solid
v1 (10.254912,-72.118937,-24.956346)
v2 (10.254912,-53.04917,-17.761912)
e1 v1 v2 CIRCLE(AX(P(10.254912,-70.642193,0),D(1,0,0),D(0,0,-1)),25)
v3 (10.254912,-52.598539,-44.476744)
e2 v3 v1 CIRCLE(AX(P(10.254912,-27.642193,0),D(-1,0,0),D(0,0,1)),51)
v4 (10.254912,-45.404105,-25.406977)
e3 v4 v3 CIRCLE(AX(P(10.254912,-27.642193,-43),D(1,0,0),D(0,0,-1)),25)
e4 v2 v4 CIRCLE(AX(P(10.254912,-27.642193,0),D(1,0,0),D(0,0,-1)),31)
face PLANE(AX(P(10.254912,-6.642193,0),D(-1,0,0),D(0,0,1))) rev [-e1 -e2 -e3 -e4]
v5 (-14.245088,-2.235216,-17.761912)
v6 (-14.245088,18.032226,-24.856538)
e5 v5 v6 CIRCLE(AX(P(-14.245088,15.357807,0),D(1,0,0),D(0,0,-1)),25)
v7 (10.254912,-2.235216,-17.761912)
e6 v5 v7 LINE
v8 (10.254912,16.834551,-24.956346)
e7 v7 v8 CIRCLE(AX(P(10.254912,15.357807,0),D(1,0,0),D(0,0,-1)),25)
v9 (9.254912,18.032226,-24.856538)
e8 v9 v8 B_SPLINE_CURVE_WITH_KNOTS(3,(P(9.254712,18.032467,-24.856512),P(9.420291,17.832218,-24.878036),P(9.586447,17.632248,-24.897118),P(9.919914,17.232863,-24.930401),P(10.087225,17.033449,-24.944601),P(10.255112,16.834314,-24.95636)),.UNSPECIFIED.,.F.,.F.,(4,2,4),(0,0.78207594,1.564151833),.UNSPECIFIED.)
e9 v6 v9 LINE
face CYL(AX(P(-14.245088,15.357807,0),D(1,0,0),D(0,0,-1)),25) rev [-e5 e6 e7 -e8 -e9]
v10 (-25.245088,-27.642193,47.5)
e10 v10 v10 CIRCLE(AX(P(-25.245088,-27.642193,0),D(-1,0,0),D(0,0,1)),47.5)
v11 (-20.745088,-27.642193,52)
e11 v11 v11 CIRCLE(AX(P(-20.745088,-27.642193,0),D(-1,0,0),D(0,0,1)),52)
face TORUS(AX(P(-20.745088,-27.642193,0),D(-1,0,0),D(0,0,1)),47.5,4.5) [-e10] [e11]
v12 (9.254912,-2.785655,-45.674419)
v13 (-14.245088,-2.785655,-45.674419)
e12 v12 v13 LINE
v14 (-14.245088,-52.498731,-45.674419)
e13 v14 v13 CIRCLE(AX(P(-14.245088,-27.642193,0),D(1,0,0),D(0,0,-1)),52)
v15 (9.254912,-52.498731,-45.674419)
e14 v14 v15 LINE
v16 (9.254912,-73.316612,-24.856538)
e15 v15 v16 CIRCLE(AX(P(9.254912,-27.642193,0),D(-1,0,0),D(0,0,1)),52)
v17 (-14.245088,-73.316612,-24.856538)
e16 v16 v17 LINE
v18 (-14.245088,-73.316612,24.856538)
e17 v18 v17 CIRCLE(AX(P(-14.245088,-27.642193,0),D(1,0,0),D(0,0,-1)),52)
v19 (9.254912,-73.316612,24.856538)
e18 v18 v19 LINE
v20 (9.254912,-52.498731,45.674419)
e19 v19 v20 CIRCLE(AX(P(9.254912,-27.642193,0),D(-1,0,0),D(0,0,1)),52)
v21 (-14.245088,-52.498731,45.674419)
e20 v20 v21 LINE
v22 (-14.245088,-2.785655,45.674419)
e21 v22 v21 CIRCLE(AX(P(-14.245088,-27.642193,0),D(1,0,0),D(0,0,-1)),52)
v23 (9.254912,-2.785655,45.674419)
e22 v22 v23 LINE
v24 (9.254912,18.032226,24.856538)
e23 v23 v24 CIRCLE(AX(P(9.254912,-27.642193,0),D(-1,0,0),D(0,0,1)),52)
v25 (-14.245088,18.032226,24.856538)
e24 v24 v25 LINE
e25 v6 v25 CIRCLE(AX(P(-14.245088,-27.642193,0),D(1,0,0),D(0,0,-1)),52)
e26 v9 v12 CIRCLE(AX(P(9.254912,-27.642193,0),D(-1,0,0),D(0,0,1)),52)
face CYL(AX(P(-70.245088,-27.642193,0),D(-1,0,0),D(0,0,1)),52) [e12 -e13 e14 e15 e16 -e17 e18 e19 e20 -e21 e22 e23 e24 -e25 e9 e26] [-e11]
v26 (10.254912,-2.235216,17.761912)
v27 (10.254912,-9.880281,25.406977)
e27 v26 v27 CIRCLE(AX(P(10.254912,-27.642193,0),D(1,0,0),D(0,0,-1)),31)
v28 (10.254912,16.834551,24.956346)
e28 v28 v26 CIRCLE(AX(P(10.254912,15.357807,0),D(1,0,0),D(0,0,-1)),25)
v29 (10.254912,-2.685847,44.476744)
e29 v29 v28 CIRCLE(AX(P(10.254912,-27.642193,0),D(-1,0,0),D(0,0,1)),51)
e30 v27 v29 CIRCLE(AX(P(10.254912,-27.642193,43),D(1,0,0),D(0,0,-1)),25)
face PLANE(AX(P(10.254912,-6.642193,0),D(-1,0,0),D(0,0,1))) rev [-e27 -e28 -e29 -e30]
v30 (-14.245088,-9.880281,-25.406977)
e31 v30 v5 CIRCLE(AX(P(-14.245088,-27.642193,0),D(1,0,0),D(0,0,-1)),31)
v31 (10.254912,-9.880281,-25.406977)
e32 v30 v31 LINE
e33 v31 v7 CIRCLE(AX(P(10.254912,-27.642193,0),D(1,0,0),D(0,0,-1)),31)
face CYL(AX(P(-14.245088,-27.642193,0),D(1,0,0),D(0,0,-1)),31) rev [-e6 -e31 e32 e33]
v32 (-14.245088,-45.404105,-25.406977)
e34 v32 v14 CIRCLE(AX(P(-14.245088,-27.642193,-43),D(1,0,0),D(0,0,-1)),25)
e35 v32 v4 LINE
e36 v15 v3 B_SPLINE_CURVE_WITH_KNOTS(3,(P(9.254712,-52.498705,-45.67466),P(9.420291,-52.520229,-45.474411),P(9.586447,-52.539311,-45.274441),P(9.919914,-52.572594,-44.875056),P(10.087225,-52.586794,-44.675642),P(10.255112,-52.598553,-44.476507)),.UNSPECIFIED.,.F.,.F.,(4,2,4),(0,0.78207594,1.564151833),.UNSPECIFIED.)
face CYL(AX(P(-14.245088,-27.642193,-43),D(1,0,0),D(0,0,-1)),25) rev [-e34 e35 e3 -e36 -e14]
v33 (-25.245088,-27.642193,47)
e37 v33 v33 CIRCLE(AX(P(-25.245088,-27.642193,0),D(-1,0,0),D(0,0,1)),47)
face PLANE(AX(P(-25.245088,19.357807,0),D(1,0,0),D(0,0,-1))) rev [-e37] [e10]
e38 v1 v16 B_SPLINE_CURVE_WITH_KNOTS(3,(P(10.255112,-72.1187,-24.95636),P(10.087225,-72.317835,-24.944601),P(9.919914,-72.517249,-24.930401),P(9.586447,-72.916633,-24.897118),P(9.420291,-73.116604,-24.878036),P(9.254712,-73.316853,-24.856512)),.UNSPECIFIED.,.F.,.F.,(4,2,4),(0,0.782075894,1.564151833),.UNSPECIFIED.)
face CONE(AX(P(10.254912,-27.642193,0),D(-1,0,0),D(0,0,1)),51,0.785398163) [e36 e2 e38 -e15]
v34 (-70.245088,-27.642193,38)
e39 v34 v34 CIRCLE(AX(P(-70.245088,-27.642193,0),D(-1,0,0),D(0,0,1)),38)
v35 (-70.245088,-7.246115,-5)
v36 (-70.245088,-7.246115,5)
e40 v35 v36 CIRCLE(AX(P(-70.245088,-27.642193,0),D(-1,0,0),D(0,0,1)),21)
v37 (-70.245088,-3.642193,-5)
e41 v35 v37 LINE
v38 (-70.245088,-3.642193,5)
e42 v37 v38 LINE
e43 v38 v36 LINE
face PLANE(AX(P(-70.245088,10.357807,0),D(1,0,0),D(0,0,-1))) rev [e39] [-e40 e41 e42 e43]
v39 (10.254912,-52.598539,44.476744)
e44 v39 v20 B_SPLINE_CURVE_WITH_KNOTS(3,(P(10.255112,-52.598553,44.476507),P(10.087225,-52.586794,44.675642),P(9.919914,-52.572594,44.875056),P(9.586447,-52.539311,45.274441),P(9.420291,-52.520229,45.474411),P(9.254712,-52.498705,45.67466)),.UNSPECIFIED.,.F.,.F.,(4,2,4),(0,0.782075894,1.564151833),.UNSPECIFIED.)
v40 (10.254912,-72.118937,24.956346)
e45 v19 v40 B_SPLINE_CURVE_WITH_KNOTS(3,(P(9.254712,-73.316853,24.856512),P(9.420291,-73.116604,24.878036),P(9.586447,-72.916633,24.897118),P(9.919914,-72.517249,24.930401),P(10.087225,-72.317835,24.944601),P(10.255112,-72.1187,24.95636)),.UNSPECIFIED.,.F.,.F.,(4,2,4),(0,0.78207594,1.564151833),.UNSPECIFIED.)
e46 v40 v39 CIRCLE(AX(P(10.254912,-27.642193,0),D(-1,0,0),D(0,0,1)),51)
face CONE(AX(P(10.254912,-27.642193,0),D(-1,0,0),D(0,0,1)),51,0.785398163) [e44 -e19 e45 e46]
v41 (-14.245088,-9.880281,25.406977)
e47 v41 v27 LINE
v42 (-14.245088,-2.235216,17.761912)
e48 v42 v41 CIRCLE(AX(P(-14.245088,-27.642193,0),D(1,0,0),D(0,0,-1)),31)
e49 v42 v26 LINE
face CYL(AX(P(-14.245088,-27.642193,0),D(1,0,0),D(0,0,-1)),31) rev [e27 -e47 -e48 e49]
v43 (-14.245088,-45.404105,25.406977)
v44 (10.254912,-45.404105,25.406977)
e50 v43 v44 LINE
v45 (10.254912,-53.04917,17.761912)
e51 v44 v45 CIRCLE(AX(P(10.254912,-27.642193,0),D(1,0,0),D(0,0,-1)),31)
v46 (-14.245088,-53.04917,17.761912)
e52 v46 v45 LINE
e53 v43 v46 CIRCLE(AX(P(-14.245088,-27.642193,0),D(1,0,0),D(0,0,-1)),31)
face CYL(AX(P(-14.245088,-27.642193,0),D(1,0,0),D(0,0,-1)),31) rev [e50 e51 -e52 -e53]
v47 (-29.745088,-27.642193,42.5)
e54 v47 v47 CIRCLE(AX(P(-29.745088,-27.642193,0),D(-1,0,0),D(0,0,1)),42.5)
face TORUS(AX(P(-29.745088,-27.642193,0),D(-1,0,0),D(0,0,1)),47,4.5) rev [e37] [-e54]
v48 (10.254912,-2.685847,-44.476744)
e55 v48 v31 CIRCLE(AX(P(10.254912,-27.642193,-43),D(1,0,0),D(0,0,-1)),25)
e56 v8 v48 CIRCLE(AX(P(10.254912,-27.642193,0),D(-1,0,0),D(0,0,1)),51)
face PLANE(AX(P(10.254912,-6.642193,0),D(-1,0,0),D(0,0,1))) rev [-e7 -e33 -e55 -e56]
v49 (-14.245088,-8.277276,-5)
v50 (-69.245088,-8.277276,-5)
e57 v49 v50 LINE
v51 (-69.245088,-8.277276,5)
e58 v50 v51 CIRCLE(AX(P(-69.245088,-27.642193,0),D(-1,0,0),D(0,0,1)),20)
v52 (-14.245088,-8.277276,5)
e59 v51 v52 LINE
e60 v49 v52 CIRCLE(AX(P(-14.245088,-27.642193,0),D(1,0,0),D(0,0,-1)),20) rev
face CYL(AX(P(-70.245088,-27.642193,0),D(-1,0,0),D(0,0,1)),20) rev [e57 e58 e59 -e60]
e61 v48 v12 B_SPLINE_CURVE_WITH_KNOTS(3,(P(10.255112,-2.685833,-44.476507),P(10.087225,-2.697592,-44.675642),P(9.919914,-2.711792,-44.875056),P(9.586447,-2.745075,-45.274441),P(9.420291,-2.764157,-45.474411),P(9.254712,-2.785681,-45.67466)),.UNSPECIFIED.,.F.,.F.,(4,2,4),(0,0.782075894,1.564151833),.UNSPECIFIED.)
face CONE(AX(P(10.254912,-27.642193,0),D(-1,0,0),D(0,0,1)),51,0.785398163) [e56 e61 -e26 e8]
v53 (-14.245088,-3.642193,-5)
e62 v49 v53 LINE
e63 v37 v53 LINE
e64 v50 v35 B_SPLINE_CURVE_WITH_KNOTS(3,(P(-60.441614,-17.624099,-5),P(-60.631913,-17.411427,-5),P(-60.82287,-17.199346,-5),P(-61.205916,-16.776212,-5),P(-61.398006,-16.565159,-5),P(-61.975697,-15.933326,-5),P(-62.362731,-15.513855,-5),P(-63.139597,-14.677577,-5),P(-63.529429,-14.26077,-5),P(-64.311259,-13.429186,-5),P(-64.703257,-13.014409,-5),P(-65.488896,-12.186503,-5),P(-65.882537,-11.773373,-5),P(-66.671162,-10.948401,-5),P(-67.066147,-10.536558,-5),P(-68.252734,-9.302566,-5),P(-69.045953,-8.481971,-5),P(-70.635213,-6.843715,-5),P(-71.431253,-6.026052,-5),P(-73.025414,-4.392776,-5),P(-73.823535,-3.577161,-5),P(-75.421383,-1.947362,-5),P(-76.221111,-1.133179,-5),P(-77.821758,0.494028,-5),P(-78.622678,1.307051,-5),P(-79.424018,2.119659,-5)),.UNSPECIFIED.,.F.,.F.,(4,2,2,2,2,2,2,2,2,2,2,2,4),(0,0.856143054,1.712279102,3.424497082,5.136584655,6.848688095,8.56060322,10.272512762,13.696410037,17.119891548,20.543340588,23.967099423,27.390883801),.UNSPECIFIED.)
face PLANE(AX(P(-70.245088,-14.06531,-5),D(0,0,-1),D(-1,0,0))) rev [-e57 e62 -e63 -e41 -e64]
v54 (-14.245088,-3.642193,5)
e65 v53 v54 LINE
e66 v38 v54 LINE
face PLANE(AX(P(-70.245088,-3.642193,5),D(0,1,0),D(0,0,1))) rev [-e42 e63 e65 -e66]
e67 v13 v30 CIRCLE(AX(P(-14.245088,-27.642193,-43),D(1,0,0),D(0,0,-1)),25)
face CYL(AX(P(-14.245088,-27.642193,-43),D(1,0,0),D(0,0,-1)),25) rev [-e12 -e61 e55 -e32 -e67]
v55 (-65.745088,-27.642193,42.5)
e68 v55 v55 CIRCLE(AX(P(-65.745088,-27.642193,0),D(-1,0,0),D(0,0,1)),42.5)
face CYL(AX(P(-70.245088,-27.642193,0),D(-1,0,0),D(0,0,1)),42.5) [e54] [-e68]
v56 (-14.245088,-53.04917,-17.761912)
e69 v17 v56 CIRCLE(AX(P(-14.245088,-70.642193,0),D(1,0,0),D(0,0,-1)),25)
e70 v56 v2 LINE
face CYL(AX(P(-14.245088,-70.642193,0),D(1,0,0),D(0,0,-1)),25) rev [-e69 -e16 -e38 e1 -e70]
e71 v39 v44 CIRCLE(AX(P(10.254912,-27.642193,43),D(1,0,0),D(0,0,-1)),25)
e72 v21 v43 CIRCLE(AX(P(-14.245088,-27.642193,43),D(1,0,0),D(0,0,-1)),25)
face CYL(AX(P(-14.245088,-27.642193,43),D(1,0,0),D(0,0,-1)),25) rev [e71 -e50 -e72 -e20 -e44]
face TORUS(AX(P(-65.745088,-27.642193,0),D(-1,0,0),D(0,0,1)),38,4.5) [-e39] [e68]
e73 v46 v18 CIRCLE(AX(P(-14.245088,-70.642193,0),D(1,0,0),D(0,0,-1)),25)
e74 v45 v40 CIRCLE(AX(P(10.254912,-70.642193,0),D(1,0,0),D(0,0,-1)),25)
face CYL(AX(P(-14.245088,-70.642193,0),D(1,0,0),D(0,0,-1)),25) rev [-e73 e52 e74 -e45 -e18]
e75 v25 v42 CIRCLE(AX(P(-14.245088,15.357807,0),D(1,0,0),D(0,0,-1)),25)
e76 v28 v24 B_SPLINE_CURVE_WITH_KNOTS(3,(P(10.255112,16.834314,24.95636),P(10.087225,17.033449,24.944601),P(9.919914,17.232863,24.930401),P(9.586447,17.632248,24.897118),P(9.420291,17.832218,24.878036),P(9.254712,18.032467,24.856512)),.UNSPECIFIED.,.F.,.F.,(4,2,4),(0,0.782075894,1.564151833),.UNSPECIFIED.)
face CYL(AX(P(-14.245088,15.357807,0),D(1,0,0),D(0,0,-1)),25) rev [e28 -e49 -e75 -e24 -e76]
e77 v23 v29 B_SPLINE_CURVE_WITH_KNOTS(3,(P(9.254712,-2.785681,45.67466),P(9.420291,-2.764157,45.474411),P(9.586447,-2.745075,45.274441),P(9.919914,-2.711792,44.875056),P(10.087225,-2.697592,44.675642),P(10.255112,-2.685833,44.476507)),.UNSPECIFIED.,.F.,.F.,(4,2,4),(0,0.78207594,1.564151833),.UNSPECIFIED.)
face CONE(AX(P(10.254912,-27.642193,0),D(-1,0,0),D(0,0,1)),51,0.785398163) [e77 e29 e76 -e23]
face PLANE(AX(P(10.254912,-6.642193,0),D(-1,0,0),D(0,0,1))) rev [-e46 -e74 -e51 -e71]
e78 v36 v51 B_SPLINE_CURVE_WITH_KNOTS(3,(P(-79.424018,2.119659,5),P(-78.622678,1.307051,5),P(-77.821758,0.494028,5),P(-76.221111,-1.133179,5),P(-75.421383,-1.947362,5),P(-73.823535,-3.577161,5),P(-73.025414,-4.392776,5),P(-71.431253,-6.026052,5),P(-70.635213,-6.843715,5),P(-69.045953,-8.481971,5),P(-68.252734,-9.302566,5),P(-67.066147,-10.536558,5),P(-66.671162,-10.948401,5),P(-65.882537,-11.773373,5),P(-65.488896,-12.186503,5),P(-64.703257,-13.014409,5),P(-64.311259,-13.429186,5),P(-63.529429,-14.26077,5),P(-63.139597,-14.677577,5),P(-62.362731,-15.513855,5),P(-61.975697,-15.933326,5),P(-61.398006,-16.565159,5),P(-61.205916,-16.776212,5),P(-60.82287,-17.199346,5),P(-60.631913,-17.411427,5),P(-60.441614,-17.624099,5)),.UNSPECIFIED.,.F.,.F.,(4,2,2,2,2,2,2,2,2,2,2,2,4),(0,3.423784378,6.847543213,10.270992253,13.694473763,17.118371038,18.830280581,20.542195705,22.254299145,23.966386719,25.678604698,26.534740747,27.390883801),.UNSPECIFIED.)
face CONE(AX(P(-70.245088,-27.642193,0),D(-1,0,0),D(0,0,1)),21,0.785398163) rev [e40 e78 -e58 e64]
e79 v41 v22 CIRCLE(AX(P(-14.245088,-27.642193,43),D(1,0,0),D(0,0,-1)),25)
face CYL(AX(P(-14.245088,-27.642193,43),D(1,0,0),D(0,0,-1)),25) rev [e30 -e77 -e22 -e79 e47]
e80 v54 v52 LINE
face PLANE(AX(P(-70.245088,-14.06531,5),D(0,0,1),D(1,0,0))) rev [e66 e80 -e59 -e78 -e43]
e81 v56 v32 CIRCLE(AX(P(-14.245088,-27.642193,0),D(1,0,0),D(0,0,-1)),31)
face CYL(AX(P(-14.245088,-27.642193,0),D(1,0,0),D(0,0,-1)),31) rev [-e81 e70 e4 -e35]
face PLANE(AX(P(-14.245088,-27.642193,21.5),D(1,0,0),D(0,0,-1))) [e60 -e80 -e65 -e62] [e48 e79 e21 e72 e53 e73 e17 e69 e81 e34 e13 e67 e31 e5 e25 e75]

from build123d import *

# Parameters (mm, degrees)
CUT_EXTRUDE_1_DEPTH = 24.5
SKETCH_4_W          = 10
SKETCH_4_H          = 10.423116616
CUT_EXTRUDE_2_DEPTH = 111.376079444


with BuildPart() as part:
    # Эскиз1 → Повернуть1 (revolve)
    with BuildSketch(Plane.XY, mode=Mode.PRIVATE) as revolve_1_sk:
        with BuildLine():
            Line((-70.245087719, -6.642192982), (-69.245087719, -7.642192982))
            Line((-69.245087719, -7.642192982), (9.254912281, -7.642192982))
            Line((9.254912281, -7.642192982), (10.254912281, -6.642192982))
            Line((10.254912281, -6.642192982), (10.254912281, 23.357807018))
            Line((10.254912281, 23.357807018), (9.254912281, 24.357807018))
            Line((9.254912281, 24.357807018), (-20.745087719, 24.357807018))
            ThreePointArc((-20.745087719, 24.357807018), (-23.927068235, 23.039787533), (-25.245087719, 19.857807018))
            Line((-25.245087719, 19.857807018), (-25.245087719, 19.357807018))
            ThreePointArc((-25.245087719, 19.357807018), (-26.563107204, 16.175826502), (-29.745087719, 14.857807018))
            Line((-29.745087719, 14.857807018), (-65.745087719, 14.857807018))
            ThreePointArc((-65.745087719, 14.857807018), (-68.927068235, 13.539787533), (-70.245087719, 10.357807018))
            Line((-70.245087719, 10.357807018), (-70.245087719, -6.642192982))
        make_face()
    revolve(revolve_1_sk.sketch.rotate(Axis((-70.245087719, -27.642192982, 0), (1, 0, 0)), 90), axis=Axis((-70.245087719, -27.642192982, 0), (1, 0, 0)))

    # Эскиз3 → Вырез-Вытянуть1 (cut)
    with BuildSketch(Plane(origin=(10.254912281, 0, 0), x_dir=(0, 0, -1), z_dir=(1, 0, 0))):
        with BuildLine():
            ThreePointArc((-17.761912417, -53.049169727), (0, -95.642192982), (17.761912417, -53.049169727))
            ThreePointArc((17.761912417, -53.049169727), (21.920310217, -49.562503199), (25.406976744, -45.4041054))
            ThreePointArc((25.406976744, -45.4041054), (68, -27.642192982), (25.406976744, -9.880280565))
            ThreePointArc((25.406976744, -9.880280565), (21.920310217, -5.721882766), (17.761912417, -2.235216238))
            ThreePointArc((17.761912417, -2.235216238), (0, 40.357807018), (-17.761912417, -2.235216238))
            ThreePointArc((-17.761912417, -2.235216238), (-21.920310217, -5.721882766), (-25.406976744, -9.880280565))
            ThreePointArc((-25.406976744, -9.880280565), (-68, -27.642192982), (-25.406976744, -45.4041054))
            ThreePointArc((-25.406976744, -45.4041054), (-21.920310217, -49.562503199), (-17.761912417, -53.049169727))
        make_face()
    extrude(amount=-CUT_EXTRUDE_1_DEPTH, mode=Mode.SUBTRACT)

    # Эскиз4 → Вырез-Вытянуть2 (cut, through all)
    with BuildSketch(Plane(origin=(-14.245087719, 0, 0), x_dir=(0, 0, -1), z_dir=(1, 0, 0))):
        with Locations((0, -8.85375129)):
            Rectangle(SKETCH_4_W, SKETCH_4_H)
    extrude(amount=-CUT_EXTRUDE_2_DEPTH, mode=Mode.SUBTRACT)


solid = part.part
